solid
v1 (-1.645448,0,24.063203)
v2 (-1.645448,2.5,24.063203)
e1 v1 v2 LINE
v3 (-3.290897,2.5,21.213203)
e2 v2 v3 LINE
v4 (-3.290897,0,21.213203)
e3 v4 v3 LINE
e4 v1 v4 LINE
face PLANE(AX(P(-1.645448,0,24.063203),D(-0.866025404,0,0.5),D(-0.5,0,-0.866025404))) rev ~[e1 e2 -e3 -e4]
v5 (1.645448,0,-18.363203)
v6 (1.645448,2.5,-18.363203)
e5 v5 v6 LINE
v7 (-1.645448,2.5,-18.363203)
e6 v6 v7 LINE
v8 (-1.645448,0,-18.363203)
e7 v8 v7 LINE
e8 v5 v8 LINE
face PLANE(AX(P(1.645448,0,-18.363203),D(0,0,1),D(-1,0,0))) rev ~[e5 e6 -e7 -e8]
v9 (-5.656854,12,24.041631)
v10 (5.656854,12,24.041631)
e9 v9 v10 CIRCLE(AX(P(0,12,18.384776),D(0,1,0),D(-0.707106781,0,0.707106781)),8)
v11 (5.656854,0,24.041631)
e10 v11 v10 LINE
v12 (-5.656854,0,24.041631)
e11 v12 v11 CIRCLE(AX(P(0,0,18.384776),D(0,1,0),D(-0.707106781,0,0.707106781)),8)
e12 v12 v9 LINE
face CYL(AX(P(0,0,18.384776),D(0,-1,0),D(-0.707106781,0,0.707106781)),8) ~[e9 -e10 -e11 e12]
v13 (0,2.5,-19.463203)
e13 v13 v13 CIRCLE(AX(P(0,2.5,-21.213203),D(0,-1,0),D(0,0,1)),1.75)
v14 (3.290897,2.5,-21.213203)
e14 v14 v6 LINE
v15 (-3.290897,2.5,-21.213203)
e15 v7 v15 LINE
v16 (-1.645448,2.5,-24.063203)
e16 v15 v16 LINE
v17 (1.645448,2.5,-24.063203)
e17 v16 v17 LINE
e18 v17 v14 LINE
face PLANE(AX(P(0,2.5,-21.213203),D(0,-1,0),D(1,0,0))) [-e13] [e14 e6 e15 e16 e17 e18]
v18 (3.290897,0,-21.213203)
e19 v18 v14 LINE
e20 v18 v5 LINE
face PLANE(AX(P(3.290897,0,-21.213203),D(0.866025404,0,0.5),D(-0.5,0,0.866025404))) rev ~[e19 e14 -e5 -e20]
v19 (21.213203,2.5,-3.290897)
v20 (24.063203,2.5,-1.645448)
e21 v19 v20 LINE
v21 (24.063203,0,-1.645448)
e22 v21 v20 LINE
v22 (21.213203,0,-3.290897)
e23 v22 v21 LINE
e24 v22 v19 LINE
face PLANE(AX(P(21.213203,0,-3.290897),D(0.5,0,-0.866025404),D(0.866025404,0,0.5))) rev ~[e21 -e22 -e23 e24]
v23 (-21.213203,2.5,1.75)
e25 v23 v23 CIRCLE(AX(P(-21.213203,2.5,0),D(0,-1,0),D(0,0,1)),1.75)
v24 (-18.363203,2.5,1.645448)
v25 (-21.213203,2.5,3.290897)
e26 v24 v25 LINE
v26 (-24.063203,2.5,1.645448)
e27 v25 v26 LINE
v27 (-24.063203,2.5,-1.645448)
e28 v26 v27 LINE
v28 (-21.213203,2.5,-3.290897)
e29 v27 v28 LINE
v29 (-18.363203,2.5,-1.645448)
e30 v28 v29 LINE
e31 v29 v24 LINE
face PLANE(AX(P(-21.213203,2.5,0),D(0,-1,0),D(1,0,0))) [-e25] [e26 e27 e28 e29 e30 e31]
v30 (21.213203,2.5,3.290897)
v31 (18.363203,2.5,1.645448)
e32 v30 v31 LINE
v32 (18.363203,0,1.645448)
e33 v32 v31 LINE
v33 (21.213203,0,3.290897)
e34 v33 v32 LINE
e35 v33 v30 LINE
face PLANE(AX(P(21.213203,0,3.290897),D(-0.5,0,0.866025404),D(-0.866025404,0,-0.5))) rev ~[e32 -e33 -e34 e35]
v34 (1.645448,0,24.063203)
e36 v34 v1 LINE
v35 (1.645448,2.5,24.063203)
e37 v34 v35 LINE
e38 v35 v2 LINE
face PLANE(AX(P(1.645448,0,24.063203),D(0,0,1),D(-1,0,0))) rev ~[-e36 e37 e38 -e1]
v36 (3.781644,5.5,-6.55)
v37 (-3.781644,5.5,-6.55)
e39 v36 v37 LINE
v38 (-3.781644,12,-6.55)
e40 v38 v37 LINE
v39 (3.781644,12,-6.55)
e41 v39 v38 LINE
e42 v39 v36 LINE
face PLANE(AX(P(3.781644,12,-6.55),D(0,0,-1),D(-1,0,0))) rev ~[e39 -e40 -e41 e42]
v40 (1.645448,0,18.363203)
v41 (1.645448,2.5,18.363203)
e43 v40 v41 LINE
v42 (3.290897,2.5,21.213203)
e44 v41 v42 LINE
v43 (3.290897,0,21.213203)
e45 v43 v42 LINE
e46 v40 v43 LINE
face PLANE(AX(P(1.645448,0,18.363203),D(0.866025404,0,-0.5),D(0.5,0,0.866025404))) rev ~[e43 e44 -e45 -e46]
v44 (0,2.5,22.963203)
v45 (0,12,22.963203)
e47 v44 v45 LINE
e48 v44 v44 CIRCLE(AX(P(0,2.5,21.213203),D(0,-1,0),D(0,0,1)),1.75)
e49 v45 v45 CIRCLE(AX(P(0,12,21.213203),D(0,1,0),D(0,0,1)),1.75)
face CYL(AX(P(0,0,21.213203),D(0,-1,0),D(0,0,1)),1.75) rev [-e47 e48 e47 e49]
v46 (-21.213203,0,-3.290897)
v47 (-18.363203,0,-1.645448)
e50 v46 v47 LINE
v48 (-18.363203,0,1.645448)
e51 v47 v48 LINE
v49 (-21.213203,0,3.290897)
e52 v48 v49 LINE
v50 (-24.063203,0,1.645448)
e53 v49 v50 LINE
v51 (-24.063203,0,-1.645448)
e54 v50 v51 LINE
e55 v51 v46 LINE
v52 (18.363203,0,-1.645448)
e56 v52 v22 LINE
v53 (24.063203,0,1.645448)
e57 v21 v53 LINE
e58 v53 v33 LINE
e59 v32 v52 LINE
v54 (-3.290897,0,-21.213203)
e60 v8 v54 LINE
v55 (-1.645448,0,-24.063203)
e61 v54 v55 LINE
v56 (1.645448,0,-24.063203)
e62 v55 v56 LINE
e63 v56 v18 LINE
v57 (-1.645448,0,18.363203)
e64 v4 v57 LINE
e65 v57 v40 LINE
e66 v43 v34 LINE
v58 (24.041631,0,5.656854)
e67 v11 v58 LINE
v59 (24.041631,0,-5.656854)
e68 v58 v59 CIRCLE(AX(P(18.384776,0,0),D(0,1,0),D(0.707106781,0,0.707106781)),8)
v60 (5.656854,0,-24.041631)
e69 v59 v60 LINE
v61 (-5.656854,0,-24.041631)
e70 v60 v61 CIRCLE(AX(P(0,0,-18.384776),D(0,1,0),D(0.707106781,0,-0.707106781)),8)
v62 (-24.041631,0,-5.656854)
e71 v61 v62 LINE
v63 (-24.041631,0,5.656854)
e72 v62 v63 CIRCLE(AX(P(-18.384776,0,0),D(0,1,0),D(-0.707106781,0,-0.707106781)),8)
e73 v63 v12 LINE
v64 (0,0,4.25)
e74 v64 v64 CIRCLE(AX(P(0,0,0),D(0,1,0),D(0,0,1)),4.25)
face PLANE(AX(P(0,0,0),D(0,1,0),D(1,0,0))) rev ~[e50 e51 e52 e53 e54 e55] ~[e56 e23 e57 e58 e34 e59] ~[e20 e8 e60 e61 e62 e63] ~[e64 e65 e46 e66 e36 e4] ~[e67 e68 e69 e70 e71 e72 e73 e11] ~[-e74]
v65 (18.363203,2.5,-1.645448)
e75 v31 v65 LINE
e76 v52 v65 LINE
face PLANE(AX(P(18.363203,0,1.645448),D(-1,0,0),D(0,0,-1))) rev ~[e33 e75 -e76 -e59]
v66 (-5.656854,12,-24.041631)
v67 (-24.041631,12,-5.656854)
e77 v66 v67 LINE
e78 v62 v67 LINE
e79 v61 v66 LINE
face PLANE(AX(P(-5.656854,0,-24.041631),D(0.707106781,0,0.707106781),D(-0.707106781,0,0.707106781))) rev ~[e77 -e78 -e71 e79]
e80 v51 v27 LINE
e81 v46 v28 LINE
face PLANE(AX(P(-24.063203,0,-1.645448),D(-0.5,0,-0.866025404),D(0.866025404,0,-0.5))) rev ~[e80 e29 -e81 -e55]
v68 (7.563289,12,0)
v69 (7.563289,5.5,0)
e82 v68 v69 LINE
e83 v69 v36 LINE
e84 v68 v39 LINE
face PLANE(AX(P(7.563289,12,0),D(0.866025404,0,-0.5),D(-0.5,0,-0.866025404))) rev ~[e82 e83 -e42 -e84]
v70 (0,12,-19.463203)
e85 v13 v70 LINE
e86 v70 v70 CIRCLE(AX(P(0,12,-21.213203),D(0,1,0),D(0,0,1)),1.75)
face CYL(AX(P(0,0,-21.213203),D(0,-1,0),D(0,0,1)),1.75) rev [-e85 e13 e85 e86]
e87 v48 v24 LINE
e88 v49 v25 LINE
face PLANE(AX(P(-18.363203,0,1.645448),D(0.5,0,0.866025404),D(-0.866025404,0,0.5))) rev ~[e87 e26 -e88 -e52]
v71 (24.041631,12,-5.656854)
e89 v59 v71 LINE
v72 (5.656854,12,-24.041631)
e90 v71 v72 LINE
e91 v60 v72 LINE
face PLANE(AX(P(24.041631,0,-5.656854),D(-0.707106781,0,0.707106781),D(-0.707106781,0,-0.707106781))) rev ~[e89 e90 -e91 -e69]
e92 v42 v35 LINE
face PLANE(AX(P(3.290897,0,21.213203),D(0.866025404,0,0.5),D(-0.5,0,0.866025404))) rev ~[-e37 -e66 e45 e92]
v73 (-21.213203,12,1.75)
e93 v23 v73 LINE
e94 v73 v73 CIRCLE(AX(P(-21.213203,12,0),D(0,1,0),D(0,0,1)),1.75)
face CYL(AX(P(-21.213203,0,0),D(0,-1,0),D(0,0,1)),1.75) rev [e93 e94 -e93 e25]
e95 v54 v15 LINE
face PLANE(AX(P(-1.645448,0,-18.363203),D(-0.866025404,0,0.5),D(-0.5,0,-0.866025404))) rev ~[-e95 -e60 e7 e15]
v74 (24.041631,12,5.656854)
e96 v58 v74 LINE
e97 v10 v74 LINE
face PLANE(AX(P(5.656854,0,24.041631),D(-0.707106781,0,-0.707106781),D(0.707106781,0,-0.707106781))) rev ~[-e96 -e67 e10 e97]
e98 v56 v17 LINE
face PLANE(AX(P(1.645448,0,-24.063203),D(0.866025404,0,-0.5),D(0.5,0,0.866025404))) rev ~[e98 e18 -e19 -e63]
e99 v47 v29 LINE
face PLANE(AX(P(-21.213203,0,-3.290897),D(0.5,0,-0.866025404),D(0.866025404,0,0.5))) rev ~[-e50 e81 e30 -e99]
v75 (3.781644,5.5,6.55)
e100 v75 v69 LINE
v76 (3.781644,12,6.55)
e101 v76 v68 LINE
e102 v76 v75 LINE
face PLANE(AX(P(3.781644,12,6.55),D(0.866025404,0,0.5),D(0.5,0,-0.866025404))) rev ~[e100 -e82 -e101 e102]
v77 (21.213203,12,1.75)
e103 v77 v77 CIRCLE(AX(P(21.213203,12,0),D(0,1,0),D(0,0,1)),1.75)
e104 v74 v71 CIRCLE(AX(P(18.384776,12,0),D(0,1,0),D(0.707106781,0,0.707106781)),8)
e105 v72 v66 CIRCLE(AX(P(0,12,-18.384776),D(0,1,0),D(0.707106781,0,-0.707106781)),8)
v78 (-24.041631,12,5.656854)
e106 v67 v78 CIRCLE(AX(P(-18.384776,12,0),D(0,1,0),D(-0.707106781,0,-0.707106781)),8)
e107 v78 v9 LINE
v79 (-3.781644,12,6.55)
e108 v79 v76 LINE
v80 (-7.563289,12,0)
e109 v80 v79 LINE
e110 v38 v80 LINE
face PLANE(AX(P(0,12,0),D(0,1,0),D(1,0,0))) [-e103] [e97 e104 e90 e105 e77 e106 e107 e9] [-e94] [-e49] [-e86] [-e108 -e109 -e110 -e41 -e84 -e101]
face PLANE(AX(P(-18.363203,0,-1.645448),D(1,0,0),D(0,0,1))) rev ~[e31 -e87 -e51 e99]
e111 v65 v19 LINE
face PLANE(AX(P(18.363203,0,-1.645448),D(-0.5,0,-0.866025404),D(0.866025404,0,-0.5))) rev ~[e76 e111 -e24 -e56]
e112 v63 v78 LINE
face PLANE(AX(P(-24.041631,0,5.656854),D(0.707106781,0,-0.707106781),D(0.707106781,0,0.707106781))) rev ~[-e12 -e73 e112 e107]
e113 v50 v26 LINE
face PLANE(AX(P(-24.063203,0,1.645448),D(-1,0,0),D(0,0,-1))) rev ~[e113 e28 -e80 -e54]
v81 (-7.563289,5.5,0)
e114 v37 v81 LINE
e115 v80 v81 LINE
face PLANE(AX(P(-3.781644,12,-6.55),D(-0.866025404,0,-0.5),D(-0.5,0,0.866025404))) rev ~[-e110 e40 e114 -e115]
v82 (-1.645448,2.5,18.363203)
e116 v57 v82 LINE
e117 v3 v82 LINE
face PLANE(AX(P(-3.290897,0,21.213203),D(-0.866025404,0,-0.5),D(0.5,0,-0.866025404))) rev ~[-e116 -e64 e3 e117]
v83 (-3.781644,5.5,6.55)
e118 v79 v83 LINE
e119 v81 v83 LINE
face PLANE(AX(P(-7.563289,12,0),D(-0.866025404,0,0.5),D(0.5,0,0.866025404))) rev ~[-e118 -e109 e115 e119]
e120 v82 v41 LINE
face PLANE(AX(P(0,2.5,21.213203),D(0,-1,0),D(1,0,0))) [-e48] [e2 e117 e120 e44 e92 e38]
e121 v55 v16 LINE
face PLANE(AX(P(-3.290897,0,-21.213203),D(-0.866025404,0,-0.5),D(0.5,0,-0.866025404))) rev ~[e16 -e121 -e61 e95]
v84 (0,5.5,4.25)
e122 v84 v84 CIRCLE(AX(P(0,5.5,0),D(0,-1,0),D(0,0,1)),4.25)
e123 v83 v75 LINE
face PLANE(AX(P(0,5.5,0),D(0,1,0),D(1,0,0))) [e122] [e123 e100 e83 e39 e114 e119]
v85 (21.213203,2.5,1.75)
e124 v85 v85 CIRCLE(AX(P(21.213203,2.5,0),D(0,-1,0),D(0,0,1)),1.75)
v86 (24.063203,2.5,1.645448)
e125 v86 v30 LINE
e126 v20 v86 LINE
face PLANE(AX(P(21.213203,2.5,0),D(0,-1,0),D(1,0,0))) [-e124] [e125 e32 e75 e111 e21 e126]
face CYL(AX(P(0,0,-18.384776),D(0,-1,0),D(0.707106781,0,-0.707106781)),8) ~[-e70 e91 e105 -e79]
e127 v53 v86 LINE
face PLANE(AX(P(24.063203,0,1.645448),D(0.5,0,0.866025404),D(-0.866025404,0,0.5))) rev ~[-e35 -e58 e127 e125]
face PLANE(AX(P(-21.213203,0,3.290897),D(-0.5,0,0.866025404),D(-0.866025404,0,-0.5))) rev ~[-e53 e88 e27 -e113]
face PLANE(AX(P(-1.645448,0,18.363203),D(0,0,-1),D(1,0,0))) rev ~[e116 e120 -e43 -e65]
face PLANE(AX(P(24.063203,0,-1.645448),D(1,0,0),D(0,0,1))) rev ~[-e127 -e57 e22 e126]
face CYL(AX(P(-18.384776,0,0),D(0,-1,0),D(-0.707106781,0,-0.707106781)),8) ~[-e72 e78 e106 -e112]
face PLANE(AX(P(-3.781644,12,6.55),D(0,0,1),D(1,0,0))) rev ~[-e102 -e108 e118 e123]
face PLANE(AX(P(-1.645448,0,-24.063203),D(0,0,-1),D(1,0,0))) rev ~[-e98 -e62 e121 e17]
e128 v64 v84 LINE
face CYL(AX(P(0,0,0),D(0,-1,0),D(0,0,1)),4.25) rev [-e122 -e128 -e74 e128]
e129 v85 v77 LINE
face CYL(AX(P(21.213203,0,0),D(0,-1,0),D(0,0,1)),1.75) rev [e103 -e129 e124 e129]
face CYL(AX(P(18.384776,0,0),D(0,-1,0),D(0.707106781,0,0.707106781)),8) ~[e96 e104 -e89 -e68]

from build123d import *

# Parameters (mm, degrees)
SKETCH_1_R          = 1.75
SKETCH_1_R_2        = 4.25
EXTRUDE_1_DEPTH     = 12
CUT_EXTRUDE_1_DEPTH = 6.5
CUT_EXTRUDE_2_DEPTH = 2.5


with BuildPart() as part:
    # Эскиз1 → Бобышка-Вытянуть1 (new body)
    with BuildSketch(Plane(origin=(0, 0, 0), x_dir=(1, 0, 0), z_dir=(0, 1, 0))):
        with BuildLine():
            Line((5.656854249, -24.04163056), (24.04163056, -5.656854249))
            ThreePointArc((24.04163056, -5.656854249), (26.384776311, 0), (24.04163056, 5.656854249))
            Line((24.04163056, 5.656854249), (5.656854249, 24.04163056))
            ThreePointArc((5.656854249, 24.04163056), (0, 26.384776311), (-5.656854249, 24.04163056))
            Line((-5.656854249, 24.04163056), (-24.04163056, 5.656854249))
            ThreePointArc((-24.04163056, 5.656854249), (-26.384776311, 0), (-24.04163056, -5.656854249))
            Line((-24.04163056, -5.656854249), (-5.656854249, -24.04163056))
            ThreePointArc((-5.656854249, -24.04163056), (0, -26.384776311), (5.656854249, -24.04163056))
        make_face()
        with Locations(Location((21.213203436, 0, 0), (0, 0, 270))):
            Circle(SKETCH_1_R, mode=Mode.SUBTRACT)
        with Locations(Location((0, -21.213203436, 0), (0, 0, 270))):
            Circle(SKETCH_1_R, mode=Mode.SUBTRACT)
        with Locations(Location((-21.213203436, 0, 0), (0, 0, 270))):
            Circle(SKETCH_1_R, mode=Mode.SUBTRACT)
        with Locations(Location((0, 21.213203436, 0), (0, 0, 270))):
            Circle(SKETCH_1_R, mode=Mode.SUBTRACT)
        with Locations(Location((0, 0, 0), (0, 0, 270))):
            Circle(SKETCH_1_R_2, mode=Mode.SUBTRACT)
    extrude(amount=EXTRUDE_1_DEPTH)

    # Эскиз2 → Вырез-Вытянуть1 (cut)
    with BuildSketch(Plane(origin=(0, 12, 0), x_dir=(1, 0, 0), z_dir=(0, 1, 0))):
        Polygon((3.781644263, -6.55), (7.563288526, 0), (3.781644263, 6.55), (-3.781644263, 6.55), (-7.563288526, 0), (-3.781644263, -6.55), align=None)
    extrude(amount=-CUT_EXTRUDE_1_DEPTH, mode=Mode.SUBTRACT)

    # Эскиз4 → Вырез-Вытянуть2 (cut)
    with BuildSketch(Plane.XZ):
        Polygon((24.063203436, -1.645448267), (24.063203436, 1.645448267), (21.213203436, 3.290896534), (18.363203436, 1.645448267), (18.363203436, -1.645448267), (21.213203436, -3.290896534), align=None)
        Polygon((-1.645448267, 18.363203436), (1.645448267, 18.363203436), (3.290896534, 21.213203436), (1.645448267, 24.063203436), (-1.645448267, 24.063203436), (-3.290896534, 21.213203436), align=None)
        Polygon((-1.645448267, -24.063203436), (1.645448267, -24.063203436), (3.290896534, -21.213203436), (1.645448267, -18.363203436), (-1.645448267, -18.363203436), (-3.290896534, -21.213203436), align=None)
        Polygon((-24.063203436, 1.645448267), (-24.063203436, -1.645448267), (-21.213203436, -3.290896534), (-18.363203436, -1.645448267), (-18.363203436, 1.645448267), (-21.213203436, 3.290896534), align=None)
    extrude(amount=-CUT_EXTRUDE_2_DEPTH, mode=Mode.SUBTRACT)


solid = part.part
